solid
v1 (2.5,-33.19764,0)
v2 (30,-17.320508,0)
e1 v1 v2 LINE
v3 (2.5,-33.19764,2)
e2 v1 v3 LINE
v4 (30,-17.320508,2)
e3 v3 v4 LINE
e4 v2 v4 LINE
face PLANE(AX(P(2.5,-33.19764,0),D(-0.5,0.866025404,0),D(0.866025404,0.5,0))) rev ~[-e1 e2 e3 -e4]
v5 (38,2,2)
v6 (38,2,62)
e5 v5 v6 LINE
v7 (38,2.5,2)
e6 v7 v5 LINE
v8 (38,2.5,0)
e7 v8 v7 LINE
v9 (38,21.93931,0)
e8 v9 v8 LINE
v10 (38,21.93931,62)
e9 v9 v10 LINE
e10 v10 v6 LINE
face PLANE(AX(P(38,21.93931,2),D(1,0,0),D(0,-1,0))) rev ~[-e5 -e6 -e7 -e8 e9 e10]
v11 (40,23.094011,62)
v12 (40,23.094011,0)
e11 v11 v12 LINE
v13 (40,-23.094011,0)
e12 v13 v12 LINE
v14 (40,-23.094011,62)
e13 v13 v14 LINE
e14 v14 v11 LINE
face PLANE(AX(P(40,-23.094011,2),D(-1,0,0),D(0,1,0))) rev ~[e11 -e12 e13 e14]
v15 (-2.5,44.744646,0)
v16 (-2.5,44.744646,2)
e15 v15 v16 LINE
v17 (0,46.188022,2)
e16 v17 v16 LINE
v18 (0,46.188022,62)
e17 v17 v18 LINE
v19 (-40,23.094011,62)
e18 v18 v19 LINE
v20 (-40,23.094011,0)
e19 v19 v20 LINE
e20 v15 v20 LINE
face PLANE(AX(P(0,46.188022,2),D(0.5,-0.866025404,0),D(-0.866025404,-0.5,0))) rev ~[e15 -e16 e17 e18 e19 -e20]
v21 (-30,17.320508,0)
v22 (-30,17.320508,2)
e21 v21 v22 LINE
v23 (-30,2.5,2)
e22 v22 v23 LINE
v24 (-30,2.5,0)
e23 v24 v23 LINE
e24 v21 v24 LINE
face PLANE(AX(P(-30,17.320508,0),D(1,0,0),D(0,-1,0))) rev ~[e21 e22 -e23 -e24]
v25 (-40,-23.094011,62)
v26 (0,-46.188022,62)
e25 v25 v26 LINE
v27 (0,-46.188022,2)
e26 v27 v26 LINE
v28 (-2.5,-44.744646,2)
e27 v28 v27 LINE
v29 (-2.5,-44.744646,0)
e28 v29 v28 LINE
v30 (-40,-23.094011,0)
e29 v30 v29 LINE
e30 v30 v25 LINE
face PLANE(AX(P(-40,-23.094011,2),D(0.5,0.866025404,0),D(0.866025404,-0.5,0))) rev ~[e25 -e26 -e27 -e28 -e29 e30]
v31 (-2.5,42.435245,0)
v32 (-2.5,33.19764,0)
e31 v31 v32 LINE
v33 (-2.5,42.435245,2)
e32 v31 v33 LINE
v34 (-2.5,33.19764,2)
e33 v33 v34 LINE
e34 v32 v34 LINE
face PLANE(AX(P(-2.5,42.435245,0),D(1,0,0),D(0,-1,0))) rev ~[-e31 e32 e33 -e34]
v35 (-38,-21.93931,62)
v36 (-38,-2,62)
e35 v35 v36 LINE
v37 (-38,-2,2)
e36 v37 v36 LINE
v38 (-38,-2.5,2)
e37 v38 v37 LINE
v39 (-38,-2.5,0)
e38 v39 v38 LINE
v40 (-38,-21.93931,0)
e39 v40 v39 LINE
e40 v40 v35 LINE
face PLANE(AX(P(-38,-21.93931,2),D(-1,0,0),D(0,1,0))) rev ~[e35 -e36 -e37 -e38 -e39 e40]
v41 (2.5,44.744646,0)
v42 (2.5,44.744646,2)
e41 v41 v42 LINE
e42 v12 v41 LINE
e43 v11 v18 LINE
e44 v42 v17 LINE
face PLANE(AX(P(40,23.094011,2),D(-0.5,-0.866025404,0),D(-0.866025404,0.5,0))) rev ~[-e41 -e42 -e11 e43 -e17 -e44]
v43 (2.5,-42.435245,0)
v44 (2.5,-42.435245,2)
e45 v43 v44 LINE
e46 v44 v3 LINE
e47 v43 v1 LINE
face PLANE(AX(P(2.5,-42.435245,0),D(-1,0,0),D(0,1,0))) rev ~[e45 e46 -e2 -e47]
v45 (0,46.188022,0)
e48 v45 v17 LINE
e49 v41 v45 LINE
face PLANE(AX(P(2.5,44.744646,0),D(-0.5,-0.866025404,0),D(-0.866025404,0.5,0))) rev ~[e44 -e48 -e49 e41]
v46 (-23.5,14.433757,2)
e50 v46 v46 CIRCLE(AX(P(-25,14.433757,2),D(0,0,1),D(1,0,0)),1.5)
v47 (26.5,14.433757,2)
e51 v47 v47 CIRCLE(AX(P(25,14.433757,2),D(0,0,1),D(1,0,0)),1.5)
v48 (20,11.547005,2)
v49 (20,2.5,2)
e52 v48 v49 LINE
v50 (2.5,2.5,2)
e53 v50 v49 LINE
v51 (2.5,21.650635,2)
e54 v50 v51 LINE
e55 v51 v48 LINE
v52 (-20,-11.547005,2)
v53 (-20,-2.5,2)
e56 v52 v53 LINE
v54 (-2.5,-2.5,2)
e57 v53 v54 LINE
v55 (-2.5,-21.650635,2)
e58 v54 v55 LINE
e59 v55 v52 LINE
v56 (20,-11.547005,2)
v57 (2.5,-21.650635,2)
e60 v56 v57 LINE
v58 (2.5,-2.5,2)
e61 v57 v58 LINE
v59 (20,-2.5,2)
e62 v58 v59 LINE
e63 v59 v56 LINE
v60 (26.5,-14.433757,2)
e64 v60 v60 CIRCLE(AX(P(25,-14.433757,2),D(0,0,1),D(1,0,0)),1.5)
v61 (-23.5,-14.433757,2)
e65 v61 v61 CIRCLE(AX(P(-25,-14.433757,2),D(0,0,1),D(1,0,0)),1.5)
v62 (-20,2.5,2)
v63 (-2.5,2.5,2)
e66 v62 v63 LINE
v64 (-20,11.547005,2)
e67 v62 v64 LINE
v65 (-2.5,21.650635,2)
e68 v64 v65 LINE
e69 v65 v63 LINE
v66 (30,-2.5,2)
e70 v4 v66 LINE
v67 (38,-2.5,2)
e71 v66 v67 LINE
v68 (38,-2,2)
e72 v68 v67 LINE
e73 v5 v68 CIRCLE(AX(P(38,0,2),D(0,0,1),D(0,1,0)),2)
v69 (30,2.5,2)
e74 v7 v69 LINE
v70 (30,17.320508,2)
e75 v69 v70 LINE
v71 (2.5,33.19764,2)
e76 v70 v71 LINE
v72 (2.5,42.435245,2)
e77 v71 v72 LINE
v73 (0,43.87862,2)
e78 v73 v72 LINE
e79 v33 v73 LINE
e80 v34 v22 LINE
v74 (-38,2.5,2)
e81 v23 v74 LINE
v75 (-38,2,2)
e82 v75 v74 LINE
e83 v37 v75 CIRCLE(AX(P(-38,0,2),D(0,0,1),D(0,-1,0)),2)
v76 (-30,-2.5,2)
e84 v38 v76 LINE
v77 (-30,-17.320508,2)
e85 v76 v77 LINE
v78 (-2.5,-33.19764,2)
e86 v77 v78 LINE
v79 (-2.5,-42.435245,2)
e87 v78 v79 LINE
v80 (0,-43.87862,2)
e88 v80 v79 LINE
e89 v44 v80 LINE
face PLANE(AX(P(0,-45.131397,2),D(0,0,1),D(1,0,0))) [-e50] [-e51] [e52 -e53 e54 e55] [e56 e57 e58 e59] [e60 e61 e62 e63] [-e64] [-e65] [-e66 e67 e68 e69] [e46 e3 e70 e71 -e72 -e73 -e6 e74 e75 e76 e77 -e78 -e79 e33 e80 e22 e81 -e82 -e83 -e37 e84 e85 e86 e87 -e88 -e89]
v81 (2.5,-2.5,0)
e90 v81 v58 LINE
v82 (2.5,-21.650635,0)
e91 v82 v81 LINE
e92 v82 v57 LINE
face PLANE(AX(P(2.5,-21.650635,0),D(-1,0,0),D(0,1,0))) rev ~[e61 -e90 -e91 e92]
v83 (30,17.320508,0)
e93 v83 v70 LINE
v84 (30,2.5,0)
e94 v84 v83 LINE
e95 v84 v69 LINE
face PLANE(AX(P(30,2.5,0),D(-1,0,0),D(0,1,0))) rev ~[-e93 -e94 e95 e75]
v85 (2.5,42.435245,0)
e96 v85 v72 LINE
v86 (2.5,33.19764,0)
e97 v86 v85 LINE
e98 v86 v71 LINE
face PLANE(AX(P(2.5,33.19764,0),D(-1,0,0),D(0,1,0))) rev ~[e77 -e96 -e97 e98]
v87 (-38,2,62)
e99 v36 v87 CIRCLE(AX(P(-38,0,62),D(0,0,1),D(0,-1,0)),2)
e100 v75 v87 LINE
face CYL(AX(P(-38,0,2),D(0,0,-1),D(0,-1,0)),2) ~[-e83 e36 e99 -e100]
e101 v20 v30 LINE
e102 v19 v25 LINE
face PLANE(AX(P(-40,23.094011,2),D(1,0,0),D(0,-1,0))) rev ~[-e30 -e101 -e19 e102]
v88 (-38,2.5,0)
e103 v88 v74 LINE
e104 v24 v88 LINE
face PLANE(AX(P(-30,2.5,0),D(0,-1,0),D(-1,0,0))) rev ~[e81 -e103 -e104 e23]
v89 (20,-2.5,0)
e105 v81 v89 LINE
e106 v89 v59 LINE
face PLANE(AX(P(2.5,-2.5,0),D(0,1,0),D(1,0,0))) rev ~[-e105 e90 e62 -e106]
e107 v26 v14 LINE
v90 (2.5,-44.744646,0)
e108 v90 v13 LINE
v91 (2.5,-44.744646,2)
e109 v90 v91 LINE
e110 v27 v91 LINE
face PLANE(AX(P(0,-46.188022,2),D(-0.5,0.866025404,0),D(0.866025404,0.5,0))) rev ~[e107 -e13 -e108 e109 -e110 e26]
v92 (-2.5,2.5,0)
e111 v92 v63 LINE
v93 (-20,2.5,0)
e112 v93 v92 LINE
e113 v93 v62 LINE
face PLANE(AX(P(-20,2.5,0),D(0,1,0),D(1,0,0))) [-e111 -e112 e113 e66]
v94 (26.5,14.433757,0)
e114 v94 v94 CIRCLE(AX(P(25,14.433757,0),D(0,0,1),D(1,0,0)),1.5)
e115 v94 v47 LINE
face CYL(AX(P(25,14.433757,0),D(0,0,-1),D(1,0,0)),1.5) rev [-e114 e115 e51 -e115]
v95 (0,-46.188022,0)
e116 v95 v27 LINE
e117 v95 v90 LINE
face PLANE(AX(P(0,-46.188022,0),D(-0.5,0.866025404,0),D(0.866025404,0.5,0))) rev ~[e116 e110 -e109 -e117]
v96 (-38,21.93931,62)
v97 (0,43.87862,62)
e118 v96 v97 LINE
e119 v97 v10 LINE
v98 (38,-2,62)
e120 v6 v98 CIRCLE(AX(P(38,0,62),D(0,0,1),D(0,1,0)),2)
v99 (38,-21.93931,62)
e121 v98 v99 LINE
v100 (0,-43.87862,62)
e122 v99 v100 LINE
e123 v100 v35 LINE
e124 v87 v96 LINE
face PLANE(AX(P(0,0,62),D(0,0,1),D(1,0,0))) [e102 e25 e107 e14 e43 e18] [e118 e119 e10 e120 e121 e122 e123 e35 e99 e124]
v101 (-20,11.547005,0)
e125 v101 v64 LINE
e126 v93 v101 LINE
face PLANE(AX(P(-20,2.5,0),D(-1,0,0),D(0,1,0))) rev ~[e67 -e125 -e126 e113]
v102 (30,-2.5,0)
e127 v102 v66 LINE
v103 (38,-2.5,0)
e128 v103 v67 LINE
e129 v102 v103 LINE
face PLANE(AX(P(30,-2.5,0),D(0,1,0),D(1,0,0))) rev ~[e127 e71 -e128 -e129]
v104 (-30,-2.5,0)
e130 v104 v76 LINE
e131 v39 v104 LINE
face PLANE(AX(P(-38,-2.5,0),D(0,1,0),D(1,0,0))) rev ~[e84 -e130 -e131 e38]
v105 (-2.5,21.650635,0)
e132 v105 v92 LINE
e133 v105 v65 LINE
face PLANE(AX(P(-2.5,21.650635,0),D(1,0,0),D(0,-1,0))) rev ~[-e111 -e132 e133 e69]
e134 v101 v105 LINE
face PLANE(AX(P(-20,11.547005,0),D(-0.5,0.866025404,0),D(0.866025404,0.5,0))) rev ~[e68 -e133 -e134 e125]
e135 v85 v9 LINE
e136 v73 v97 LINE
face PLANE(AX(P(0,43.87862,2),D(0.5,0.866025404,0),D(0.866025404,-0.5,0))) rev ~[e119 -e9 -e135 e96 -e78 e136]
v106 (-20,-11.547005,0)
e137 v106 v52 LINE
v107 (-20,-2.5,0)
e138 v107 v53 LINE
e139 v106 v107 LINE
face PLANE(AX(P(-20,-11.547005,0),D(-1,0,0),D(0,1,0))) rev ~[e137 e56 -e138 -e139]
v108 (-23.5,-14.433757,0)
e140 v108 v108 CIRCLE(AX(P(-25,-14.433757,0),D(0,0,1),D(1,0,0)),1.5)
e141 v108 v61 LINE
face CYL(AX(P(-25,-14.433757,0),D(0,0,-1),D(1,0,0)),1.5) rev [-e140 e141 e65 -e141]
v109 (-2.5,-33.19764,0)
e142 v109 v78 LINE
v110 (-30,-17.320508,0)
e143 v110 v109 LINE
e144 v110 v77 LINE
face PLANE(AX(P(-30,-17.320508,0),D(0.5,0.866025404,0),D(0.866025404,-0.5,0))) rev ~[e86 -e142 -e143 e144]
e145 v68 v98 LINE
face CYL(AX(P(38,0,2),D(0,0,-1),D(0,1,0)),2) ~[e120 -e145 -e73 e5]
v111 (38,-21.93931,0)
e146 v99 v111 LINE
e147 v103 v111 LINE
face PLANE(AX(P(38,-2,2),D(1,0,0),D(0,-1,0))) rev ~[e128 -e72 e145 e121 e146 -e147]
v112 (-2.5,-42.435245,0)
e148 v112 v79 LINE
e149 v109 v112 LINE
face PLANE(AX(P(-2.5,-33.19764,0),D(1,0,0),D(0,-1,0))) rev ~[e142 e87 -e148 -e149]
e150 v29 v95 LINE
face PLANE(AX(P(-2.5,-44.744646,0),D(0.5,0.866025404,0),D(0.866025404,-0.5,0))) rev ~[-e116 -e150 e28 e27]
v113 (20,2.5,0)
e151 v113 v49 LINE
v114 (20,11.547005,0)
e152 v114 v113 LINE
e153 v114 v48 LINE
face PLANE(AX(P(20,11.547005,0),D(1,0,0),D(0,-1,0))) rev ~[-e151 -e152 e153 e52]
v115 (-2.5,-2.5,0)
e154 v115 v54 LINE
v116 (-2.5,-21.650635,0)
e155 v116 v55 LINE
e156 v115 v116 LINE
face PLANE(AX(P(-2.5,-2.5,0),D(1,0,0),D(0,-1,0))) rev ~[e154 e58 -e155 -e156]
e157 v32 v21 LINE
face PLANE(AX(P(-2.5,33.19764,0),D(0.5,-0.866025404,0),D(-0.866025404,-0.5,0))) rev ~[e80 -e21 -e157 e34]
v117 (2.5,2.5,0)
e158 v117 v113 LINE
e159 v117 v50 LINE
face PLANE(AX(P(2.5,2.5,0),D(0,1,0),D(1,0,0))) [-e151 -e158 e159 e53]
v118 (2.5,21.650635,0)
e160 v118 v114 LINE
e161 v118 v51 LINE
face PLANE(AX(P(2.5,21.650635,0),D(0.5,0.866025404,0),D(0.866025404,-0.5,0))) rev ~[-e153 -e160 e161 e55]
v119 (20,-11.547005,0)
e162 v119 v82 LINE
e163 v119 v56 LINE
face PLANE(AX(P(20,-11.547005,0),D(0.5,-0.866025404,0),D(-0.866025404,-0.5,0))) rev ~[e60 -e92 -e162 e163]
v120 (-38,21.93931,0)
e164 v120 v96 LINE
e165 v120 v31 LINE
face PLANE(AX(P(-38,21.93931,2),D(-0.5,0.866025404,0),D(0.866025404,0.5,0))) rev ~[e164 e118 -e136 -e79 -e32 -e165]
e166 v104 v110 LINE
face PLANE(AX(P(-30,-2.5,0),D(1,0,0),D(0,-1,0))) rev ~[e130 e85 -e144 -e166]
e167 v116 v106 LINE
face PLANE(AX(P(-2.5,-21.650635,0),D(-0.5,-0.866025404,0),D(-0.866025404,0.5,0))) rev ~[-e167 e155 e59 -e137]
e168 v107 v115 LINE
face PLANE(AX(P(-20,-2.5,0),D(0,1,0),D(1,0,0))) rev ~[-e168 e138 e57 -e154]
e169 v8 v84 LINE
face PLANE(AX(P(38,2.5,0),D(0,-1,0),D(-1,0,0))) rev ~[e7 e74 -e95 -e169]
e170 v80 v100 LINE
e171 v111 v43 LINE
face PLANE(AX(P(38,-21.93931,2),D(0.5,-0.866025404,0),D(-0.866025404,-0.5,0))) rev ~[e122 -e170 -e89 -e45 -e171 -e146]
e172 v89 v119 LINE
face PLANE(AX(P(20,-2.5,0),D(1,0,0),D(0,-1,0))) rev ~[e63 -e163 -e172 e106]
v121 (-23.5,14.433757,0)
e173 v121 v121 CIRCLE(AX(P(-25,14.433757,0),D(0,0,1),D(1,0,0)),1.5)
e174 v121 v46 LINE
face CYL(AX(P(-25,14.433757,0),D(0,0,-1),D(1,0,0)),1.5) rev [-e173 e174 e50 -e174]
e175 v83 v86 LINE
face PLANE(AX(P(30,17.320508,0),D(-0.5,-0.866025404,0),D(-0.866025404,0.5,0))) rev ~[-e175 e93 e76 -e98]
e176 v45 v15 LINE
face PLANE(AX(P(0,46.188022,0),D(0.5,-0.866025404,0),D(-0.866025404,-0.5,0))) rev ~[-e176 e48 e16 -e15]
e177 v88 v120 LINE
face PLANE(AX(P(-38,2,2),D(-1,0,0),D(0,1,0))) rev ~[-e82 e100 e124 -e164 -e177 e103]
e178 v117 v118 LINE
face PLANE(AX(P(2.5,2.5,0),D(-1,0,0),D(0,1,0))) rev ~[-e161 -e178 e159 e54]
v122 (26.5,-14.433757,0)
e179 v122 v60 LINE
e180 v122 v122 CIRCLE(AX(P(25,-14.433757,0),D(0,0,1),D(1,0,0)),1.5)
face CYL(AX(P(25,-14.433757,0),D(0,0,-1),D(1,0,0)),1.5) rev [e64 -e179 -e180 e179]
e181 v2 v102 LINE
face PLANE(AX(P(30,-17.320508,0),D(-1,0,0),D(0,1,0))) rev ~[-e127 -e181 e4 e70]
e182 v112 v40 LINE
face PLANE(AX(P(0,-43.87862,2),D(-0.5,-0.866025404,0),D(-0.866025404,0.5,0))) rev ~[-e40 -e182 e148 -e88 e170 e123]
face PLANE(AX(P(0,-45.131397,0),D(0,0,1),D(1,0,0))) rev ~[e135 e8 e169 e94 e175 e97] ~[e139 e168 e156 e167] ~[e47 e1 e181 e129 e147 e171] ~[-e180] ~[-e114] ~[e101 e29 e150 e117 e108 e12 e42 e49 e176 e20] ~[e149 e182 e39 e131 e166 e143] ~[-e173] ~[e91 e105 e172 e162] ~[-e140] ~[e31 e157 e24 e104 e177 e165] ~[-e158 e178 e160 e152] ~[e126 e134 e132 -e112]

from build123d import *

# Parameters (mm, degrees)
F0_R     = 1.5
F0_W     = 10
F0_H     = 5
F0_W_2   = 17.5
F0_W_3   = 5
F1_DEPTH = 2
F3_DEPTH = 60


with BuildPart() as f1:
    # F0 (on Top) → F1 (new body)
    with BuildSketch(Plane.XY):
        Polygon((0, -46.1880215352), (2.5, -44.7446458622), (-2.5, -44.7446458622), align=None)
        Polygon((-2.5, 44.7446458622), (2.5, 44.7446458622), (0, 46.1880215352), align=None)
        Polygon((-2.5, -44.7446458622), (2.5, -44.7446458622), (2.5, -42.4352447854), (0, -43.8786204584), (-2.5, -42.4352447854), align=None)
        Polygon((2.5, 42.4352447854), (2.5, 44.7446458622), (-2.5, 44.7446458622), (-2.5, 42.4352447854), (0, 43.8786204584), align=None)
        Polygon((40, -23.0940107676), (40, 23.0940107676), (2.5, 44.7446458622), (2.5, 42.4352447854), (38, 21.9393102292), (38, 2.5), (38, 2), (38, -2), (38, -2.5), (38, -21.9393102292), (2.5, -42.4352447854), (2.5, -44.7446458622), align=None)
        Polygon((-2.5, 42.4352447854), (-2.5, 44.7446458622), (-40, 23.0940107676), (-40, -23.0940107676), (-2.5, -44.7446458622), (-2.5, -42.4352447854), (-38, -21.9393102292), (-38, -2.5), (-38, -2), (-38, 2), (-38, 2.5), (-38, 21.9393102292), align=None)
        Polygon((-2.5, 21.6506350946), (-2.5, 33.1976404784), (-30, 17.3205080757), (-30, 2.5), (-20, 2.5), (-20, 11.5470053838), align=None)
        with Locations((-25, 14.4337567297)):
            Circle(F0_R, mode=Mode.SUBTRACT)
        Polygon((30, 17.3205080757), (2.5, 33.1976404784), (2.5, 21.6506350946), (20, 11.5470053838), (20, 2.5), (30, 2.5), align=None)
        with Locations((25, 14.4337567297)):
            Circle(F0_R, mode=Mode.SUBTRACT)
        Polygon((2.5, 21.6506350946), (2.5, 33.1976404784), (0, 34.6410161514), (-2.5, 33.1976404784), (-2.5, 21.6506350946), (0, 23.0940107676), align=None)
        Polygon((2.5, 33.1976404784), (2.5, 42.4352447854), (0, 43.8786204584), (-2.5, 42.4352447854), (-2.5, 33.1976404784), (0, 34.6410161514), align=None)
        Polygon((-30, -17.3205080757), (-2.5, -33.1976404784), (-2.5, -21.6506350946), (-20, -11.5470053838), (-20, -2.5), (-30, -2.5), align=None)
        with Locations((-25, -14.4337567297)):
            Circle(F0_R, mode=Mode.SUBTRACT)
        Polygon((0, -34.6410161514), (2.5, -33.1976404784), (2.5, -21.6506350946), (0, -23.0940107676), (-2.5, -21.6506350946), (-2.5, -33.1976404784), align=None)
        Polygon((2.5, -21.6506350946), (2.5, -33.1976404784), (30, -17.3205080757), (30, -2.5), (20, -2.5), (20, -11.5470053838), align=None)
        with Locations((25, -14.4337567297)):
            Circle(F0_R, mode=Mode.SUBTRACT)
        with Locations((25, 0)):
            Rectangle(F0_W, F0_H)
        with BuildLine():
            Line((38, 2), (38, 2.5))
            Line((38, 2.5), (30, 2.5))
            Line((30, 2.5), (30, -2.5))
            Line((30, -2.5), (38, -2.5))
            Line((38, -2.5), (38, -2))
            ThreePointArc((38, -2), (36, 0), (38, 2))
        make_face()
        with Locations((11.25, 0)):
            Rectangle(F0_W_2, F0_H)
        Polygon((2.5, 2.5), (2.5, 21.6506350946), (0, 23.0940107676), (-2.5, 21.6506350946), (-2.5, 2.5), align=None)
        with Locations((-11.25, 0)):
            Rectangle(F0_W_2, F0_H)
        with Locations((-25, 0)):
            Rectangle(F0_W, F0_H)
        with BuildLine():
            Line((-30, 2.5), (-38, 2.5))
            Line((-38, 2.5), (-38, 2))
            ThreePointArc((-38, 2), (-36, 0), (-38, -2))
            Line((-38, -2), (-38, -2.5))
            Line((-38, -2.5), (-30, -2.5))
            Line((-30, -2.5), (-30, 2.5))
        make_face()
        Polygon((0, -23.0940107676), (2.5, -21.6506350946), (2.5, -2.5), (-2.5, -2.5), (-2.5, -21.6506350946), align=None)
        Rectangle(F0_W_3, F0_H)
        Polygon((0, -43.8786204584), (2.5, -42.4352447854), (2.5, -33.1976404784), (0, -34.6410161514), (-2.5, -33.1976404784), (-2.5, -42.4352447854), align=None)
        with BuildLine():
            ThreePointArc((-38, -2), (-36, 0), (-38, 2))
            Line((-38, 2), (-38, -2))
        make_face()
        with BuildLine():
            Line((38, -2), (38, 2))
            ThreePointArc((38, 2), (36, 0), (38, -2))
        make_face()
    extrude(amount=F1_DEPTH)

    # F2 (on face) → F3 (join)
    with BuildSketch(Plane.XY.offset(2)):
        Polygon((-40, 23.0940107676), (-40, -23.0940107676), (0, -46.1880215352), (40, -23.0940107676), (40, 23.0940107676), (0, 46.1880215352), align=None)
        Polygon((0, -43.8786204584), (-38, -21.9393102292), (-38, -2), (-38, 2), (-38, 21.9393102292), (0, 43.8786204584), (38, 21.9393102292), (38, 2), (38, -2), (38, -21.9393102292), align=None, mode=Mode.SUBTRACT)
        with BuildLine():
            Line((-38, 2), (-38, -2))
            ThreePointArc((-38, -2), (-36, 0), (-38, 2))
        make_face()
        with BuildLine():
            ThreePointArc((38, 2), (36, 0), (38, -2))
            Line((38, -2), (38, 2))
        make_face()
    extrude(amount=F3_DEPTH)


solid = f1.part
